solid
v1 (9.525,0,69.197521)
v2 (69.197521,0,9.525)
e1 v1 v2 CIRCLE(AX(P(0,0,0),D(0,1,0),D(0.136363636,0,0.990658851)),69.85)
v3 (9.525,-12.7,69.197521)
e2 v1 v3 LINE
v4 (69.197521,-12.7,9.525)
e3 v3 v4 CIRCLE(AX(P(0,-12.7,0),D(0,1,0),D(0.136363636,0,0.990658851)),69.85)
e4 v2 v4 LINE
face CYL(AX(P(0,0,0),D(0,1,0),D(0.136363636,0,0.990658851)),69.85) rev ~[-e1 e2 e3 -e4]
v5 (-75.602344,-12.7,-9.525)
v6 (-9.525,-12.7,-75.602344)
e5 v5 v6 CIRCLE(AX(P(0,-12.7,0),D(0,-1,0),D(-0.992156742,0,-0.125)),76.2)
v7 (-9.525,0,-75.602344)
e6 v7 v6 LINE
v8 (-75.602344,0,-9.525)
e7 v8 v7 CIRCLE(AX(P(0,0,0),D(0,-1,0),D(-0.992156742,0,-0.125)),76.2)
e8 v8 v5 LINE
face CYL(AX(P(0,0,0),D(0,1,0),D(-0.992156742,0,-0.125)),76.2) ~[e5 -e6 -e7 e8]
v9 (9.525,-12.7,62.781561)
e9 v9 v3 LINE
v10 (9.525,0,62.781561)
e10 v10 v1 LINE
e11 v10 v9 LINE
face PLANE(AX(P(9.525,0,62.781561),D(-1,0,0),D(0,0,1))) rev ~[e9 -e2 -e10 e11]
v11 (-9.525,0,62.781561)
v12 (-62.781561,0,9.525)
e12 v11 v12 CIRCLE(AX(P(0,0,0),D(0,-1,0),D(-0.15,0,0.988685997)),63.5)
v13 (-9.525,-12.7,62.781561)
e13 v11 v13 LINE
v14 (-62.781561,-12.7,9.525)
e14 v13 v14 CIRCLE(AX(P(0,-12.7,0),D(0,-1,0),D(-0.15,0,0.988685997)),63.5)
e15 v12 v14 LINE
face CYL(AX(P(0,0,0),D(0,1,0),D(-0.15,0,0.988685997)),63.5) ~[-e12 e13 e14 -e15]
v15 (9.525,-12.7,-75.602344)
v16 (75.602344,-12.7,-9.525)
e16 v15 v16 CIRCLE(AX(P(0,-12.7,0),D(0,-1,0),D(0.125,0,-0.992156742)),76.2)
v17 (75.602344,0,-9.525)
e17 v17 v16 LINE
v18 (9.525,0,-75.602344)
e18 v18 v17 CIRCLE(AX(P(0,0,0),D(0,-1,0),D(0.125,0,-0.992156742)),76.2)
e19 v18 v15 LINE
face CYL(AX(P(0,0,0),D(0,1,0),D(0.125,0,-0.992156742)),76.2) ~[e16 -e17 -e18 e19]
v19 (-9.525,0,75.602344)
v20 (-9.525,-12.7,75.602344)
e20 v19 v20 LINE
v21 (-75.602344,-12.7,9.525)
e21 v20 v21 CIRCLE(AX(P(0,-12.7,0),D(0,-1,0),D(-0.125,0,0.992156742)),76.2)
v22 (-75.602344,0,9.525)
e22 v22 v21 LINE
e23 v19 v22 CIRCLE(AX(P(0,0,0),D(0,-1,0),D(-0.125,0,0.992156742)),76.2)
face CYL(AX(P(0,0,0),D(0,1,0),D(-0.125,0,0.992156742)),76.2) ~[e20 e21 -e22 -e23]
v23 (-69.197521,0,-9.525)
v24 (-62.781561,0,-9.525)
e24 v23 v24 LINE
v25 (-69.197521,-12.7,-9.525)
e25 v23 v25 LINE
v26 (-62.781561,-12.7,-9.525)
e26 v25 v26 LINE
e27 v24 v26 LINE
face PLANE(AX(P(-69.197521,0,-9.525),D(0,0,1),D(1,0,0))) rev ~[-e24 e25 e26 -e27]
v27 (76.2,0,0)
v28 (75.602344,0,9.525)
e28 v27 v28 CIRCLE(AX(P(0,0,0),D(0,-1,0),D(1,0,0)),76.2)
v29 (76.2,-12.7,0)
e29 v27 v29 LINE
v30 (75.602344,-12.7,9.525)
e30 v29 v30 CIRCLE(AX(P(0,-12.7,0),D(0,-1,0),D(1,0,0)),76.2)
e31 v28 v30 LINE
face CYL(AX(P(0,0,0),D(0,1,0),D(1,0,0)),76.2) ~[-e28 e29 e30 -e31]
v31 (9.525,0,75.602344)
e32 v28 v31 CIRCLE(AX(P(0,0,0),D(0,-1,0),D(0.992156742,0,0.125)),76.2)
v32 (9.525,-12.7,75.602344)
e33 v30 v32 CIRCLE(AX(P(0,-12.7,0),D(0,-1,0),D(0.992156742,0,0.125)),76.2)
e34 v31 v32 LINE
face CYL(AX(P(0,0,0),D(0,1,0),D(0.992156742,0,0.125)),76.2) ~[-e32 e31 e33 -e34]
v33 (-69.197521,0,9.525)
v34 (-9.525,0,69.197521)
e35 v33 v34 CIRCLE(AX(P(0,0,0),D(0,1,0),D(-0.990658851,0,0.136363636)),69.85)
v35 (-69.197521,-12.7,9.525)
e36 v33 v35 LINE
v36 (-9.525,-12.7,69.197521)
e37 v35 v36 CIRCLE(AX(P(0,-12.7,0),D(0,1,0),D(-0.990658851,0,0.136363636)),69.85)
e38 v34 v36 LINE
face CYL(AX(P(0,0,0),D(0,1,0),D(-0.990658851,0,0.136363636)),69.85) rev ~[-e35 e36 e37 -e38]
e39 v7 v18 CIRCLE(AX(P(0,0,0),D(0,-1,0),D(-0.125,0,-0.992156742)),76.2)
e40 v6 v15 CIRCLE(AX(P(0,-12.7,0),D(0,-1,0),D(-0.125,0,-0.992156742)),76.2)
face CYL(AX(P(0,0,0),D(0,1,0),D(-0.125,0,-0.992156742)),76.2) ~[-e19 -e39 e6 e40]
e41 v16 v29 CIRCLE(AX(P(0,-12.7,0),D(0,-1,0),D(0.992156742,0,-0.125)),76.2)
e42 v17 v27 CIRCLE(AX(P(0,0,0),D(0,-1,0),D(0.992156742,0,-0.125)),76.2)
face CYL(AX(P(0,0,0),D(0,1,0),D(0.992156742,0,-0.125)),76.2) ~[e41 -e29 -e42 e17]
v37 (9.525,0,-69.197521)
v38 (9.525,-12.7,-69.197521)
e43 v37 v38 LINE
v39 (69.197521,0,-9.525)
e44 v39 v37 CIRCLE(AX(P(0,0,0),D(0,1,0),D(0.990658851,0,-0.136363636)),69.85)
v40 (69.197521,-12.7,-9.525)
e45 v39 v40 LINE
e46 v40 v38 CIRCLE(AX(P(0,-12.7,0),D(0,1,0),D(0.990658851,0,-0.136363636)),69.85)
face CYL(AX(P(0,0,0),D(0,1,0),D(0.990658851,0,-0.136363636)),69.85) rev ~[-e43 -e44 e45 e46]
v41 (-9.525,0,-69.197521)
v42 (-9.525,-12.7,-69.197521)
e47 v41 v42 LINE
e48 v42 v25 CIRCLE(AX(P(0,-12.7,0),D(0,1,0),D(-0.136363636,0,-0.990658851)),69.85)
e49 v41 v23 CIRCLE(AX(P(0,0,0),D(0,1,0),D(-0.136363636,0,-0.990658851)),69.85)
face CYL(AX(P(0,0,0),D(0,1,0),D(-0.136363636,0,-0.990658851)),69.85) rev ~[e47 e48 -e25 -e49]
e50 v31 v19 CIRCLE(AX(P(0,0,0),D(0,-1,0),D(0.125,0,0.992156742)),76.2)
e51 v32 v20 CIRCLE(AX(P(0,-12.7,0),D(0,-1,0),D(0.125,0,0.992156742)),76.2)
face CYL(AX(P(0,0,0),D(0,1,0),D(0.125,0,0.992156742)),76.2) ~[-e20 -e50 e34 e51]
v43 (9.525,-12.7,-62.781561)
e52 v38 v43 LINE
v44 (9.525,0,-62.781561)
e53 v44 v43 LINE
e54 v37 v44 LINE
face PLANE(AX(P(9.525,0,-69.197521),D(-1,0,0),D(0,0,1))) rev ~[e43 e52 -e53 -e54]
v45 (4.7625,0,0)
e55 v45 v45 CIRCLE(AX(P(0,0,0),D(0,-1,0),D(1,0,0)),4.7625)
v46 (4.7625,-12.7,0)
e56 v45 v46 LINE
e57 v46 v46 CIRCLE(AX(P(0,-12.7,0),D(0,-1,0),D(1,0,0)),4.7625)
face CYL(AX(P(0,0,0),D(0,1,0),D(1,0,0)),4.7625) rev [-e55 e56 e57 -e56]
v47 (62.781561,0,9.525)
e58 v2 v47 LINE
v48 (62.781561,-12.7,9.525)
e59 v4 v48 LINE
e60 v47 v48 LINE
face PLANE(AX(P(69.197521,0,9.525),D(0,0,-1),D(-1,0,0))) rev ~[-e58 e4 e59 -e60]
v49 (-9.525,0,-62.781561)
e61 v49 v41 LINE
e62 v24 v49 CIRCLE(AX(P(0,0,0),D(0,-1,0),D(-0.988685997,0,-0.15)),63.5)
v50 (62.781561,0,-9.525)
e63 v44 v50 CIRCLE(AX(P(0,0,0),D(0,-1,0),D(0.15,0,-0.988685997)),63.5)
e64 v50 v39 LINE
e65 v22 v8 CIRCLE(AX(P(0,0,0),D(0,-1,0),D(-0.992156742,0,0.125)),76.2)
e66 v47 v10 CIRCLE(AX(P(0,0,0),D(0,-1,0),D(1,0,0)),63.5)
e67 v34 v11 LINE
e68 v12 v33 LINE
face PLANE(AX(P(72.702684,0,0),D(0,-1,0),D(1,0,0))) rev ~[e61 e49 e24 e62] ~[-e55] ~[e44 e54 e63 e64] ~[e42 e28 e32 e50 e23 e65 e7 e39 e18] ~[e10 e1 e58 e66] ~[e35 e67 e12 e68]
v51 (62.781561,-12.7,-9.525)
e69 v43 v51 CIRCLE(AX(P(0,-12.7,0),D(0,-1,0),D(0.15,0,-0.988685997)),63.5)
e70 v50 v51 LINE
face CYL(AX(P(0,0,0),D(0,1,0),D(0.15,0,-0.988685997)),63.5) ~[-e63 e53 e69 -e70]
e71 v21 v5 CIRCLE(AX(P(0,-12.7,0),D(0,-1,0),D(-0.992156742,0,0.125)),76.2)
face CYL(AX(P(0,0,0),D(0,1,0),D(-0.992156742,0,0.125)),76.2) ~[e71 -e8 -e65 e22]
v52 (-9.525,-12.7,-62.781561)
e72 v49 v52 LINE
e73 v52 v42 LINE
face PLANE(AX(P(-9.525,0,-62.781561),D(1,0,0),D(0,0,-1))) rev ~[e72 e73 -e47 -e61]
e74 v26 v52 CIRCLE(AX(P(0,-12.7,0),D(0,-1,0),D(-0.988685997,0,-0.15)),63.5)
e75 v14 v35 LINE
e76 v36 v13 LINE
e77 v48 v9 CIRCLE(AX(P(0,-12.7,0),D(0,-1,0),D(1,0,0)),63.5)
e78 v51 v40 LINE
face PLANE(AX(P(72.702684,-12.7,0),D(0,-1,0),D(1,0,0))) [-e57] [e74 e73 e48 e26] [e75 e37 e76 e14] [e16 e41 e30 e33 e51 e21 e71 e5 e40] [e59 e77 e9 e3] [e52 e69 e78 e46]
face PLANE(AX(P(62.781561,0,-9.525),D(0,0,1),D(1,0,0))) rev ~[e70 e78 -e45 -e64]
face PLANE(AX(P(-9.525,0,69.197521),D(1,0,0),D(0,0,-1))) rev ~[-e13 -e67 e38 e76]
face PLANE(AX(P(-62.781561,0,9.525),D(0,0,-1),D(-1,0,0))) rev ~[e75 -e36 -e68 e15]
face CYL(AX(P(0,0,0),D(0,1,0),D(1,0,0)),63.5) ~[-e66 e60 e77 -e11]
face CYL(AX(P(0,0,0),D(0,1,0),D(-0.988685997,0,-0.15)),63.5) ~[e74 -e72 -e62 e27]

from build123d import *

# Parameters (mm, degrees)
F0_W     = 19.05
F0_H     = 19.05
F0_R     = 4.7625
F1_DEPTH = 12.7


with BuildPart() as f1:
    # F0 (on Front) → F1 (new body)
    with BuildSketch(Plane.XZ):
        with BuildLine():
            ThreePointArc((75.6023437137, -9.525), (76.0504391538, -4.7718659358), (76.2, 0))
            ThreePointArc((76.2, 0), (76.0504391538, 4.7718659358), (75.6023437137, 9.525))
            Line((75.6023437137, 9.525), (69.1975207287, 9.525))
            ThreePointArc((69.1975207287, 9.525), (69.6866892703, 4.7736609169), (69.85, 0))
            ThreePointArc((69.85, 0), (69.6866892703, -4.7736609169), (69.1975207287, -9.525))
            Line((69.1975207287, -9.525), (75.6023437137, -9.525))
        make_face()
        with BuildLine():
            Line((69.1975207287, 9.525), (75.6023437137, 9.525))
            ThreePointArc((75.6023437137, 9.525), (53.8815367264, 53.8815367264), (9.525, 75.6023437137))
            Line((9.525, 75.6023437137), (9.525, 69.1975207287))
            ThreePointArc((9.525, 69.1975207287), (49.3914086659, 49.3914086659), (69.1975207287, 9.525))
        make_face()
        with BuildLine():
            ThreePointArc((9.525, -75.6023437137), (53.8815367264, -53.8815367264), (75.6023437137, -9.525))
            Line((75.6023437137, -9.525), (69.1975207287, -9.525))
            ThreePointArc((69.1975207287, -9.525), (49.3914086659, -49.3914086659), (9.525, -69.1975207287))
            Line((9.525, -69.1975207287), (9.525, -75.6023437137))
        make_face()
        with BuildLine():
            Line((9.525, 69.1975207287), (9.525, 75.6023437137))
            ThreePointArc((9.525, 75.6023437137), (0, 76.2), (-9.525, 75.6023437137))
            Line((-9.525, 75.6023437137), (-9.525, 69.1975207287))
            ThreePointArc((-9.525, 69.1975207287), (0, 69.85), (9.525, 69.1975207287))
        make_face()
        with BuildLine():
            ThreePointArc((-9.525, -75.6023437137), (0, -76.2), (9.525, -75.6023437137))
            Line((9.525, -75.6023437137), (9.525, -69.1975207287))
            ThreePointArc((9.525, -69.1975207287), (0, -69.85), (-9.525, -69.1975207287))
            Line((-9.525, -69.1975207287), (-9.525, -75.6023437137))
        make_face()
        with BuildLine():
            Line((-9.525, 69.1975207287), (-9.525, 75.6023437137))
            ThreePointArc((-9.525, 75.6023437137), (-53.8815367264, 53.8815367264), (-75.6023437137, 9.525))
            Line((-75.6023437137, 9.525), (-69.1975207287, 9.525))
            ThreePointArc((-69.1975207287, 9.525), (-49.3914086659, 49.3914086659), (-9.525, 69.1975207287))
        make_face()
        with BuildLine():
            ThreePointArc((-75.6023437137, -9.525), (-53.8815367264, -53.8815367264), (-9.525, -75.6023437137))
            Line((-9.525, -75.6023437137), (-9.525, -69.1975207287))
            ThreePointArc((-9.525, -69.1975207287), (-49.3914086659, -49.3914086659), (-69.1975207287, -9.525))
            Line((-69.1975207287, -9.525), (-75.6023437137, -9.525))
        make_face()
        with BuildLine():
            Line((-69.1975207287, 9.525), (-75.6023437137, 9.525))
            ThreePointArc((-75.6023437137, 9.525), (-76.2, 0), (-75.6023437137, -9.525))
            Line((-75.6023437137, -9.525), (-69.1975207287, -9.525))
            ThreePointArc((-69.1975207287, -9.525), (-69.85, 0), (-69.1975207287, 9.525))
        make_face()
        with BuildLine():
            Line((-9.525, 9.525), (-9.525, 62.7815607882))
            ThreePointArc((-9.525, 62.7815607882), (-44.9012806053, 44.9012806053), (-62.7815607882, 9.525))
            Line((-62.7815607882, 9.525), (-9.525, 9.525))
        make_face()
        with BuildLine():
            Line((9.525, 9.525), (62.7815607882, 9.525))
            ThreePointArc((62.7815607882, 9.525), (44.9012806053, 44.9012806053), (9.525, 62.7815607882))
            Line((9.525, 62.7815607882), (9.525, 9.525))
        make_face()
        with BuildLine():
            ThreePointArc((9.525, -62.7815607882), (44.9012806053, -44.9012806053), (62.7815607882, -9.525))
            Line((62.7815607882, -9.525), (9.525, -9.525))
            Line((9.525, -9.525), (9.525, -62.7815607882))
        make_face()
        with BuildLine():
            ThreePointArc((-62.7815607882, -9.525), (-44.9012806053, -44.9012806053), (-9.525, -62.7815607882))
            Line((-9.525, -62.7815607882), (-9.525, -9.525))
            Line((-9.525, -9.525), (-62.7815607882, -9.525))
        make_face()
        with BuildLine():
            Line((-9.525, -9.525), (-9.525, 9.525))
            Line((-9.525, 9.525), (-62.7815607882, 9.525))
            ThreePointArc((-62.7815607882, 9.525), (-63.5, 0), (-62.7815607882, -9.525))
            Line((-62.7815607882, -9.525), (-9.525, -9.525))
        make_face()
        with BuildLine():
            ThreePointArc((63.5, 0), (63.3201354628, 4.776028159), (62.7815607882, 9.525))
            Line((62.7815607882, 9.525), (9.525, 9.525))
            Line((9.525, 9.525), (9.525, -9.525))
            Line((9.525, -9.525), (62.7815607882, -9.525))
            ThreePointArc((62.7815607882, -9.525), (63.3201354628, -4.776028159), (63.5, 0))
        make_face()
        with BuildLine():
            Line((9.525, 9.525), (9.525, 62.7815607882))
            ThreePointArc((9.525, 62.7815607882), (0, 63.5), (-9.525, 62.7815607882))
            Line((-9.525, 62.7815607882), (-9.525, 9.525))
            Line((-9.525, 9.525), (9.525, 9.525))
        make_face()
        with BuildLine():
            ThreePointArc((-9.525, -62.7815607882), (0, -63.5), (9.525, -62.7815607882))
            Line((9.525, -62.7815607882), (9.525, -9.525))
            Line((9.525, -9.525), (-9.525, -9.525))
            Line((-9.525, -9.525), (-9.525, -62.7815607882))
        make_face()
        Rectangle(F0_W, F0_H)
        Circle(F0_R, mode=Mode.SUBTRACT)
        with BuildLine():
            Line((9.525, 62.7815607882), (9.525, 69.1975207287))
            ThreePointArc((9.525, 69.1975207287), (0, 69.85), (-9.525, 69.1975207287))
            Line((-9.525, 69.1975207287), (-9.525, 62.7815607882))
            ThreePointArc((-9.525, 62.7815607882), (0, 63.5), (9.525, 62.7815607882))
        make_face()
        with BuildLine():
            Line((-62.7815607882, 9.525), (-69.1975207287, 9.525))
            ThreePointArc((-69.1975207287, 9.525), (-69.85, 0), (-69.1975207287, -9.525))
            Line((-69.1975207287, -9.525), (-62.7815607882, -9.525))
            ThreePointArc((-62.7815607882, -9.525), (-63.5, 0), (-62.7815607882, 9.525))
        make_face()
        with BuildLine():
            ThreePointArc((-9.525, -69.1975207287), (0, -69.85), (9.525, -69.1975207287))
            Line((9.525, -69.1975207287), (9.525, -62.7815607882))
            ThreePointArc((9.525, -62.7815607882), (0, -63.5), (-9.525, -62.7815607882))
            Line((-9.525, -62.7815607882), (-9.525, -69.1975207287))
        make_face()
        with BuildLine():
            ThreePointArc((69.85, 0), (69.6866892703, 4.7736609169), (69.1975207287, 9.525))
            Line((69.1975207287, 9.525), (62.7815607882, 9.525))
            ThreePointArc((62.7815607882, 9.525), (63.3201354628, 4.776028159), (63.5, 0))
            ThreePointArc((63.5, 0), (63.3201354628, -4.776028159), (62.7815607882, -9.525))
            Line((62.7815607882, -9.525), (69.1975207287, -9.525))
            ThreePointArc((69.1975207287, -9.525), (69.6866892703, -4.7736609169), (69.85, 0))
        make_face()
    extrude(amount=F1_DEPTH)


solid = f1.part
